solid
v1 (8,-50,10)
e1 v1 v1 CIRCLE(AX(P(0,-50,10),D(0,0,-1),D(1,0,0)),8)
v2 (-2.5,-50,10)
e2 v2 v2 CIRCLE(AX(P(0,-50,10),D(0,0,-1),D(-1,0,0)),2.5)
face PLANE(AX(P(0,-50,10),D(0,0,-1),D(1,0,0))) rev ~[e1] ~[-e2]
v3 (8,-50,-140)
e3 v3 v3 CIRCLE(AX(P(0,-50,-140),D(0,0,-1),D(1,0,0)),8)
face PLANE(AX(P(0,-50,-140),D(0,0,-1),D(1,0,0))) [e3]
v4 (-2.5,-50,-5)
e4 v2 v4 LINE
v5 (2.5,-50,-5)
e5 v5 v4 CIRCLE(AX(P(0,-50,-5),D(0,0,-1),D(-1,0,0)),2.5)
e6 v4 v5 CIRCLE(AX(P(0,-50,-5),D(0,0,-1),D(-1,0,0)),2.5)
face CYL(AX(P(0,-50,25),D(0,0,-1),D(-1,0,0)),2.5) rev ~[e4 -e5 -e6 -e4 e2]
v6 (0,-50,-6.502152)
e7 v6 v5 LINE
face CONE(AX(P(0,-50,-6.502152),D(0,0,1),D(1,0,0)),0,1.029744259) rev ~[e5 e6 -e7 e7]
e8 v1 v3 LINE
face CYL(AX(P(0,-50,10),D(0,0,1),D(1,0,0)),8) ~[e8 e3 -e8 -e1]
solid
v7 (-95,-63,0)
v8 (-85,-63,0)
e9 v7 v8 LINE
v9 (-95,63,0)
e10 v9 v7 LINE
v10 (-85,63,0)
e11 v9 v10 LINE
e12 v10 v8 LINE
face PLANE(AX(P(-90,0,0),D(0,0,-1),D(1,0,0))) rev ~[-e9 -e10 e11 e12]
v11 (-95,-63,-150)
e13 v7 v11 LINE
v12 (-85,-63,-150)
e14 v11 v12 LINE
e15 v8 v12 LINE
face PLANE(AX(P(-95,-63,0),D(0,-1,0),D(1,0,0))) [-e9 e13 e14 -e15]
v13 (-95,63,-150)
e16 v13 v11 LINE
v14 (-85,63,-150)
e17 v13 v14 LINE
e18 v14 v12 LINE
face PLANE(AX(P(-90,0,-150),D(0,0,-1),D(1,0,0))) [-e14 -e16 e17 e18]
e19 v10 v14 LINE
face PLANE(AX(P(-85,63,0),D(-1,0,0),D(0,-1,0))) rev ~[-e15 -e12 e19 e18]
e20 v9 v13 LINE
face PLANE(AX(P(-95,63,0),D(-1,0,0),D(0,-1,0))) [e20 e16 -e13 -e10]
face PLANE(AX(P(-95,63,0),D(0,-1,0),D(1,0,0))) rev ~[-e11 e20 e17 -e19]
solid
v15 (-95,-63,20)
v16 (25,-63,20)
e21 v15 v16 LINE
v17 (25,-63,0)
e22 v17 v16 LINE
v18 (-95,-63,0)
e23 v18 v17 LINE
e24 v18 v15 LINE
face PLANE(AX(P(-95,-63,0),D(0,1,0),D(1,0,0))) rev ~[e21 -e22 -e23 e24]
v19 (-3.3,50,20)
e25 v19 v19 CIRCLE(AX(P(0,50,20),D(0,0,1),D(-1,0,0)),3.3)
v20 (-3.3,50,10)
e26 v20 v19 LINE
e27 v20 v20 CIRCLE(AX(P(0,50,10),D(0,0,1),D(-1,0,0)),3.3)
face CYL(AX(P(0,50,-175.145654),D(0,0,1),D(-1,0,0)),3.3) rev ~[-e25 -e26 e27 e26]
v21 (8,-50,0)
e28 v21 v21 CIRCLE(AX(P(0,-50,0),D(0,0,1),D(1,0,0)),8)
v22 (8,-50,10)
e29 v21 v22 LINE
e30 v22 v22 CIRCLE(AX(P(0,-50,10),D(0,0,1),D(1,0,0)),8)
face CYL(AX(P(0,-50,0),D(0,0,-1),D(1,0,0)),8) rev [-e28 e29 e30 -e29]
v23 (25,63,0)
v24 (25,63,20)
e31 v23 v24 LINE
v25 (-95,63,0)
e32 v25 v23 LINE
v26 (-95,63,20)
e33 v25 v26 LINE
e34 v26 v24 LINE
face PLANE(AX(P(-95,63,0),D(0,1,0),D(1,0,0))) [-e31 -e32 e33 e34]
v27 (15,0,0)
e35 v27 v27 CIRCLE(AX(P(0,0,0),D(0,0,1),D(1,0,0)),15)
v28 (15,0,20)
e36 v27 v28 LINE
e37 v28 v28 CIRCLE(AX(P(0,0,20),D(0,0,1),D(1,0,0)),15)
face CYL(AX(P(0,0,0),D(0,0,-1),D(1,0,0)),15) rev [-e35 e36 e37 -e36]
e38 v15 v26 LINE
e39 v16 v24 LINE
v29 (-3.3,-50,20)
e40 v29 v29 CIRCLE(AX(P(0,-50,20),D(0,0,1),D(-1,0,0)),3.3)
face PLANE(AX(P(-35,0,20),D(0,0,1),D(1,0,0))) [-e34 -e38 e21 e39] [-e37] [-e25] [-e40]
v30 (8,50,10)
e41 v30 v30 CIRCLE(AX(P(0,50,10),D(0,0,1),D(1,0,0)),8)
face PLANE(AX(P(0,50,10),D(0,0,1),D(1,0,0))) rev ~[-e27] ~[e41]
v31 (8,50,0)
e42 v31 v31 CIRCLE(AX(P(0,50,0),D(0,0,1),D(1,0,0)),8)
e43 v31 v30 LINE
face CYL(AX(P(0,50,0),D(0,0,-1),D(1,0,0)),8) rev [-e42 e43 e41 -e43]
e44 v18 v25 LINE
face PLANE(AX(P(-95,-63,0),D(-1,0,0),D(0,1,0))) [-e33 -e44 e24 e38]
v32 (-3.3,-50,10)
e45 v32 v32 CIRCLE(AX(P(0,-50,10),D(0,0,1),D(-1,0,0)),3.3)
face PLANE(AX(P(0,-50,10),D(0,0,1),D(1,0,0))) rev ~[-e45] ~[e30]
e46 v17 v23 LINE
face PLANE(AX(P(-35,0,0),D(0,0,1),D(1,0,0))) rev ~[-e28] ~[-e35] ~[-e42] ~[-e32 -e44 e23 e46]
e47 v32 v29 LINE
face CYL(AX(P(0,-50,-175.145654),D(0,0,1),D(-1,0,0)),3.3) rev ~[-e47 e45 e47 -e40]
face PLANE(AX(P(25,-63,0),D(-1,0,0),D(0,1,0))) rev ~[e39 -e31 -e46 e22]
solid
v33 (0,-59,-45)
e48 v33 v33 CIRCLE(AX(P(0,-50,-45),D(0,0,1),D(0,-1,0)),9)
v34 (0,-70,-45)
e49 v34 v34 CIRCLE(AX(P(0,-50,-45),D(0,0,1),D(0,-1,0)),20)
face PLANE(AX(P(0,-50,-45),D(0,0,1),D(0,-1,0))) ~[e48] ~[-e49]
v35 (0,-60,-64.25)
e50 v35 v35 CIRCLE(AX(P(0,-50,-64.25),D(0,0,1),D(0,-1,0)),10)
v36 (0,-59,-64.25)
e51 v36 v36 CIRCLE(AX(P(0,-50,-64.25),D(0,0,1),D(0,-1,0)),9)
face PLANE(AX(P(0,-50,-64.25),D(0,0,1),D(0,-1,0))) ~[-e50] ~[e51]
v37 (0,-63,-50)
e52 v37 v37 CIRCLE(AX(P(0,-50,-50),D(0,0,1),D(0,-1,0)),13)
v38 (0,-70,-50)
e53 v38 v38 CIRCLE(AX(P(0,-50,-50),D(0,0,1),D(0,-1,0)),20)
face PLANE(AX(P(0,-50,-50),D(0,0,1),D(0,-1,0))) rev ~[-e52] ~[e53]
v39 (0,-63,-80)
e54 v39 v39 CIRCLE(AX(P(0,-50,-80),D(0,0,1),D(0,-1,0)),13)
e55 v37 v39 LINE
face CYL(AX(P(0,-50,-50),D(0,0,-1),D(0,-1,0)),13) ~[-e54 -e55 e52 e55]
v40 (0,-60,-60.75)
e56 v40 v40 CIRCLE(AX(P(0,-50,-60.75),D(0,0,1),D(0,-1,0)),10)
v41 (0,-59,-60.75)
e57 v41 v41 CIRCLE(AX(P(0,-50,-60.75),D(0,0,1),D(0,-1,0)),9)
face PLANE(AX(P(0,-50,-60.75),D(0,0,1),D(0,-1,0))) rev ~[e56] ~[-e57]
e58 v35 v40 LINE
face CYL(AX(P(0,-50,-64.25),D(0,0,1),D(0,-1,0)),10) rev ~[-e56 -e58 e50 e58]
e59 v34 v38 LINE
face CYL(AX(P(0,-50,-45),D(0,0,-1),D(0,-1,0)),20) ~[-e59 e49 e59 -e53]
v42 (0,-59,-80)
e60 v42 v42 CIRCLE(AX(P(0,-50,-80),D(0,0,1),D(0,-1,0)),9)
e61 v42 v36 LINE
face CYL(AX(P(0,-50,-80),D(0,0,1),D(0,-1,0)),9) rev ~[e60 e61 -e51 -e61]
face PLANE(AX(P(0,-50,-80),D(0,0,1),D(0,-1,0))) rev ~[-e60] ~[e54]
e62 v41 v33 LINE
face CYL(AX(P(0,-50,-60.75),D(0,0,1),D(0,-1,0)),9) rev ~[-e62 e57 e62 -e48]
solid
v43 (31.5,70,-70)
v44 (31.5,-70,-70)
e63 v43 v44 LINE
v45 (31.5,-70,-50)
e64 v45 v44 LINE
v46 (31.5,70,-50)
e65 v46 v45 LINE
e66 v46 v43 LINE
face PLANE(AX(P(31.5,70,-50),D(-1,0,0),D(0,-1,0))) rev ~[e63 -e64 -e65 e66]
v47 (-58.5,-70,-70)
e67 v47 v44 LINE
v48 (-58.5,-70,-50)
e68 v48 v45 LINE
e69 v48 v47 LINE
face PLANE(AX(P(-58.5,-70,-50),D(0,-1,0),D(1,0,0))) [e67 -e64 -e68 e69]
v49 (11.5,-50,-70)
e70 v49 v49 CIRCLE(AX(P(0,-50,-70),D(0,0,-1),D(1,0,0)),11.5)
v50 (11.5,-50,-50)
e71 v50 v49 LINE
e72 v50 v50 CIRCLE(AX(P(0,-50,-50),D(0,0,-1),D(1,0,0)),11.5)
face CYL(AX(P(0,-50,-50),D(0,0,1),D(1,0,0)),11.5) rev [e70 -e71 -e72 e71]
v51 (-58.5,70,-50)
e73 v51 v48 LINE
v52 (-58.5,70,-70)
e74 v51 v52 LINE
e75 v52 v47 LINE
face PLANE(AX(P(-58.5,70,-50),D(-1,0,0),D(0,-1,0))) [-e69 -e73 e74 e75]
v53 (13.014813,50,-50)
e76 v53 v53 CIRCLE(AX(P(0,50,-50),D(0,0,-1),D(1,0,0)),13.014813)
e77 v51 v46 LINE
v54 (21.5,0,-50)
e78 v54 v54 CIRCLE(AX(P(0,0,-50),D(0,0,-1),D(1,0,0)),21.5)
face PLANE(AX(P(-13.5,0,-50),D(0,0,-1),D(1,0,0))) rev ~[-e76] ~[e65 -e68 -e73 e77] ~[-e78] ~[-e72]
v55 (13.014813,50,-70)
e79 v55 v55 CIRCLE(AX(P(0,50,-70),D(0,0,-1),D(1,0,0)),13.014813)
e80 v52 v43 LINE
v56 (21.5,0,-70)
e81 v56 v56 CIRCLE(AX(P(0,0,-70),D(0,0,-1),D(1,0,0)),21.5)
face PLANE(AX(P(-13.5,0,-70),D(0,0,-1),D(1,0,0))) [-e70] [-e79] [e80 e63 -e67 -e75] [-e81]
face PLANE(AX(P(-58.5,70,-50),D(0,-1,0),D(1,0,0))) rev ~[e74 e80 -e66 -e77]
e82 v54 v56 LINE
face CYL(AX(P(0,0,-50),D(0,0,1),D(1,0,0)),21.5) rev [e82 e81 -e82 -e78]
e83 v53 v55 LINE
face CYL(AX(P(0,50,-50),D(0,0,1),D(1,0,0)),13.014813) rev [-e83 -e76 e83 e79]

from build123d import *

# Parameters (mm, degrees)
F0_W      = 120
F0_H      = 126
F0_R      = 8
F0_R_2    = 15
F1_DEPTH  = 20
F2_DEPTH  = 10
F3_D      = 6.6
F4_R      = 8
F5_DEPTH  = 150
F7_D      = 5
F7_DEPTH  = 15
F7_TIP    = 1.5021515476
F8_W      = 10
F8_H      = 126
F9_DEPTH  = 150
F11_W     = 90
F11_H     = 140
F11_R     = 13.0148133909
F11_R_2   = 21.5
F11_R_3   = 11.5
F12_DEPTH = 20


with BuildPart() as f1:
    # F0 (on Top) → F1 (new body)
    with BuildSketch(Plane.XY):
        with Locations((-35, 0)):
            Rectangle(F0_W, F0_H)
        with Locations((0, -50)):
            Circle(F0_R, mode=Mode.SUBTRACT)
        Circle(F0_R_2, mode=Mode.SUBTRACT)
        with Locations((0, 50)):
            Circle(F0_R, mode=Mode.SUBTRACT)
        with Locations((0, -50)):
            Circle(F0_R)
        with Locations((0, 50)):
            Circle(F0_R)
    extrude(amount=F1_DEPTH)

    # F0 (on Top) → F2 (cut)
    with BuildSketch(Plane.XY):
        with Locations((0, -50)):
            Circle(F0_R)
        with Locations((0, 50)):
            Circle(F0_R)
    extrude(amount=F2_DEPTH, mode=Mode.SUBTRACT)

    # F3 (through all)
    with Locations(Plane(origin=(0, 0, 0), x_dir=(1, 0, 0), z_dir=(0, 0, -1))):
        with Locations((0, 50), (0, -50)):
            Hole(F3_D / 2)


with BuildPart() as f5:
    # F4 (on face) → F5 (new body)
    with BuildSketch(Plane(origin=(0, 0, 10), x_dir=(1, 0, 0), z_dir=(0, 0, -1))):
        with Locations((0, 50)):
            Circle(F4_R)
    extrude(amount=F5_DEPTH)

    # F7
    with Locations(Plane.XY.offset(10)):
        with Locations((0, -50)):
            Hole(F7_D / 2, depth=F7_DEPTH)
            with Locations((0, 0, -(F7_DEPTH + F7_TIP / 2))):  # 118° drill point
                Cone(0, F7_D / 2, F7_TIP, mode=Mode.SUBTRACT)


with BuildPart() as f9:
    # F8 (on face) → F9 (new body)
    with BuildSketch(Plane(origin=(0, 0, 0), x_dir=(1, 0, 0), z_dir=(0, 0, -1))):
        with Locations((-90, 0)):
            Rectangle(F8_W, F8_H)
    extrude(amount=F9_DEPTH)


with BuildPart() as f12:
    # F11 (on offset) → F12 (new body)
    with BuildSketch(Plane(origin=(0, 0, -50), x_dir=(1, 0, 0), z_dir=(0, 0, -1))):
        with Locations((-13.5, 0)):
            Rectangle(F11_W, F11_H)
        with Locations((0, -50)):
            Circle(F11_R, mode=Mode.SUBTRACT)
        Circle(F11_R_2, mode=Mode.SUBTRACT)
        with Locations((0, 50)):
            Circle(F11_R_3, mode=Mode.SUBTRACT)
    extrude(amount=F12_DEPTH)


with BuildPart() as f14:
    # F13 (on Right) → F14 (revolve)
    with BuildSketch(Plane.YZ):
        Polygon((-63, -50), (-63, -80), (-59, -80), (-59, -64.25), (-60, -64.25), (-60, -60.75), (-59, -60.75), (-59, -45), (-70, -45), (-70, -50), align=None)
    revolve(axis=Axis((0, -50, -85.4690910131), (0, 0, 1)))


solid = Compound([f1.part, f5.part, f9.part, f12.part, f14.part])
